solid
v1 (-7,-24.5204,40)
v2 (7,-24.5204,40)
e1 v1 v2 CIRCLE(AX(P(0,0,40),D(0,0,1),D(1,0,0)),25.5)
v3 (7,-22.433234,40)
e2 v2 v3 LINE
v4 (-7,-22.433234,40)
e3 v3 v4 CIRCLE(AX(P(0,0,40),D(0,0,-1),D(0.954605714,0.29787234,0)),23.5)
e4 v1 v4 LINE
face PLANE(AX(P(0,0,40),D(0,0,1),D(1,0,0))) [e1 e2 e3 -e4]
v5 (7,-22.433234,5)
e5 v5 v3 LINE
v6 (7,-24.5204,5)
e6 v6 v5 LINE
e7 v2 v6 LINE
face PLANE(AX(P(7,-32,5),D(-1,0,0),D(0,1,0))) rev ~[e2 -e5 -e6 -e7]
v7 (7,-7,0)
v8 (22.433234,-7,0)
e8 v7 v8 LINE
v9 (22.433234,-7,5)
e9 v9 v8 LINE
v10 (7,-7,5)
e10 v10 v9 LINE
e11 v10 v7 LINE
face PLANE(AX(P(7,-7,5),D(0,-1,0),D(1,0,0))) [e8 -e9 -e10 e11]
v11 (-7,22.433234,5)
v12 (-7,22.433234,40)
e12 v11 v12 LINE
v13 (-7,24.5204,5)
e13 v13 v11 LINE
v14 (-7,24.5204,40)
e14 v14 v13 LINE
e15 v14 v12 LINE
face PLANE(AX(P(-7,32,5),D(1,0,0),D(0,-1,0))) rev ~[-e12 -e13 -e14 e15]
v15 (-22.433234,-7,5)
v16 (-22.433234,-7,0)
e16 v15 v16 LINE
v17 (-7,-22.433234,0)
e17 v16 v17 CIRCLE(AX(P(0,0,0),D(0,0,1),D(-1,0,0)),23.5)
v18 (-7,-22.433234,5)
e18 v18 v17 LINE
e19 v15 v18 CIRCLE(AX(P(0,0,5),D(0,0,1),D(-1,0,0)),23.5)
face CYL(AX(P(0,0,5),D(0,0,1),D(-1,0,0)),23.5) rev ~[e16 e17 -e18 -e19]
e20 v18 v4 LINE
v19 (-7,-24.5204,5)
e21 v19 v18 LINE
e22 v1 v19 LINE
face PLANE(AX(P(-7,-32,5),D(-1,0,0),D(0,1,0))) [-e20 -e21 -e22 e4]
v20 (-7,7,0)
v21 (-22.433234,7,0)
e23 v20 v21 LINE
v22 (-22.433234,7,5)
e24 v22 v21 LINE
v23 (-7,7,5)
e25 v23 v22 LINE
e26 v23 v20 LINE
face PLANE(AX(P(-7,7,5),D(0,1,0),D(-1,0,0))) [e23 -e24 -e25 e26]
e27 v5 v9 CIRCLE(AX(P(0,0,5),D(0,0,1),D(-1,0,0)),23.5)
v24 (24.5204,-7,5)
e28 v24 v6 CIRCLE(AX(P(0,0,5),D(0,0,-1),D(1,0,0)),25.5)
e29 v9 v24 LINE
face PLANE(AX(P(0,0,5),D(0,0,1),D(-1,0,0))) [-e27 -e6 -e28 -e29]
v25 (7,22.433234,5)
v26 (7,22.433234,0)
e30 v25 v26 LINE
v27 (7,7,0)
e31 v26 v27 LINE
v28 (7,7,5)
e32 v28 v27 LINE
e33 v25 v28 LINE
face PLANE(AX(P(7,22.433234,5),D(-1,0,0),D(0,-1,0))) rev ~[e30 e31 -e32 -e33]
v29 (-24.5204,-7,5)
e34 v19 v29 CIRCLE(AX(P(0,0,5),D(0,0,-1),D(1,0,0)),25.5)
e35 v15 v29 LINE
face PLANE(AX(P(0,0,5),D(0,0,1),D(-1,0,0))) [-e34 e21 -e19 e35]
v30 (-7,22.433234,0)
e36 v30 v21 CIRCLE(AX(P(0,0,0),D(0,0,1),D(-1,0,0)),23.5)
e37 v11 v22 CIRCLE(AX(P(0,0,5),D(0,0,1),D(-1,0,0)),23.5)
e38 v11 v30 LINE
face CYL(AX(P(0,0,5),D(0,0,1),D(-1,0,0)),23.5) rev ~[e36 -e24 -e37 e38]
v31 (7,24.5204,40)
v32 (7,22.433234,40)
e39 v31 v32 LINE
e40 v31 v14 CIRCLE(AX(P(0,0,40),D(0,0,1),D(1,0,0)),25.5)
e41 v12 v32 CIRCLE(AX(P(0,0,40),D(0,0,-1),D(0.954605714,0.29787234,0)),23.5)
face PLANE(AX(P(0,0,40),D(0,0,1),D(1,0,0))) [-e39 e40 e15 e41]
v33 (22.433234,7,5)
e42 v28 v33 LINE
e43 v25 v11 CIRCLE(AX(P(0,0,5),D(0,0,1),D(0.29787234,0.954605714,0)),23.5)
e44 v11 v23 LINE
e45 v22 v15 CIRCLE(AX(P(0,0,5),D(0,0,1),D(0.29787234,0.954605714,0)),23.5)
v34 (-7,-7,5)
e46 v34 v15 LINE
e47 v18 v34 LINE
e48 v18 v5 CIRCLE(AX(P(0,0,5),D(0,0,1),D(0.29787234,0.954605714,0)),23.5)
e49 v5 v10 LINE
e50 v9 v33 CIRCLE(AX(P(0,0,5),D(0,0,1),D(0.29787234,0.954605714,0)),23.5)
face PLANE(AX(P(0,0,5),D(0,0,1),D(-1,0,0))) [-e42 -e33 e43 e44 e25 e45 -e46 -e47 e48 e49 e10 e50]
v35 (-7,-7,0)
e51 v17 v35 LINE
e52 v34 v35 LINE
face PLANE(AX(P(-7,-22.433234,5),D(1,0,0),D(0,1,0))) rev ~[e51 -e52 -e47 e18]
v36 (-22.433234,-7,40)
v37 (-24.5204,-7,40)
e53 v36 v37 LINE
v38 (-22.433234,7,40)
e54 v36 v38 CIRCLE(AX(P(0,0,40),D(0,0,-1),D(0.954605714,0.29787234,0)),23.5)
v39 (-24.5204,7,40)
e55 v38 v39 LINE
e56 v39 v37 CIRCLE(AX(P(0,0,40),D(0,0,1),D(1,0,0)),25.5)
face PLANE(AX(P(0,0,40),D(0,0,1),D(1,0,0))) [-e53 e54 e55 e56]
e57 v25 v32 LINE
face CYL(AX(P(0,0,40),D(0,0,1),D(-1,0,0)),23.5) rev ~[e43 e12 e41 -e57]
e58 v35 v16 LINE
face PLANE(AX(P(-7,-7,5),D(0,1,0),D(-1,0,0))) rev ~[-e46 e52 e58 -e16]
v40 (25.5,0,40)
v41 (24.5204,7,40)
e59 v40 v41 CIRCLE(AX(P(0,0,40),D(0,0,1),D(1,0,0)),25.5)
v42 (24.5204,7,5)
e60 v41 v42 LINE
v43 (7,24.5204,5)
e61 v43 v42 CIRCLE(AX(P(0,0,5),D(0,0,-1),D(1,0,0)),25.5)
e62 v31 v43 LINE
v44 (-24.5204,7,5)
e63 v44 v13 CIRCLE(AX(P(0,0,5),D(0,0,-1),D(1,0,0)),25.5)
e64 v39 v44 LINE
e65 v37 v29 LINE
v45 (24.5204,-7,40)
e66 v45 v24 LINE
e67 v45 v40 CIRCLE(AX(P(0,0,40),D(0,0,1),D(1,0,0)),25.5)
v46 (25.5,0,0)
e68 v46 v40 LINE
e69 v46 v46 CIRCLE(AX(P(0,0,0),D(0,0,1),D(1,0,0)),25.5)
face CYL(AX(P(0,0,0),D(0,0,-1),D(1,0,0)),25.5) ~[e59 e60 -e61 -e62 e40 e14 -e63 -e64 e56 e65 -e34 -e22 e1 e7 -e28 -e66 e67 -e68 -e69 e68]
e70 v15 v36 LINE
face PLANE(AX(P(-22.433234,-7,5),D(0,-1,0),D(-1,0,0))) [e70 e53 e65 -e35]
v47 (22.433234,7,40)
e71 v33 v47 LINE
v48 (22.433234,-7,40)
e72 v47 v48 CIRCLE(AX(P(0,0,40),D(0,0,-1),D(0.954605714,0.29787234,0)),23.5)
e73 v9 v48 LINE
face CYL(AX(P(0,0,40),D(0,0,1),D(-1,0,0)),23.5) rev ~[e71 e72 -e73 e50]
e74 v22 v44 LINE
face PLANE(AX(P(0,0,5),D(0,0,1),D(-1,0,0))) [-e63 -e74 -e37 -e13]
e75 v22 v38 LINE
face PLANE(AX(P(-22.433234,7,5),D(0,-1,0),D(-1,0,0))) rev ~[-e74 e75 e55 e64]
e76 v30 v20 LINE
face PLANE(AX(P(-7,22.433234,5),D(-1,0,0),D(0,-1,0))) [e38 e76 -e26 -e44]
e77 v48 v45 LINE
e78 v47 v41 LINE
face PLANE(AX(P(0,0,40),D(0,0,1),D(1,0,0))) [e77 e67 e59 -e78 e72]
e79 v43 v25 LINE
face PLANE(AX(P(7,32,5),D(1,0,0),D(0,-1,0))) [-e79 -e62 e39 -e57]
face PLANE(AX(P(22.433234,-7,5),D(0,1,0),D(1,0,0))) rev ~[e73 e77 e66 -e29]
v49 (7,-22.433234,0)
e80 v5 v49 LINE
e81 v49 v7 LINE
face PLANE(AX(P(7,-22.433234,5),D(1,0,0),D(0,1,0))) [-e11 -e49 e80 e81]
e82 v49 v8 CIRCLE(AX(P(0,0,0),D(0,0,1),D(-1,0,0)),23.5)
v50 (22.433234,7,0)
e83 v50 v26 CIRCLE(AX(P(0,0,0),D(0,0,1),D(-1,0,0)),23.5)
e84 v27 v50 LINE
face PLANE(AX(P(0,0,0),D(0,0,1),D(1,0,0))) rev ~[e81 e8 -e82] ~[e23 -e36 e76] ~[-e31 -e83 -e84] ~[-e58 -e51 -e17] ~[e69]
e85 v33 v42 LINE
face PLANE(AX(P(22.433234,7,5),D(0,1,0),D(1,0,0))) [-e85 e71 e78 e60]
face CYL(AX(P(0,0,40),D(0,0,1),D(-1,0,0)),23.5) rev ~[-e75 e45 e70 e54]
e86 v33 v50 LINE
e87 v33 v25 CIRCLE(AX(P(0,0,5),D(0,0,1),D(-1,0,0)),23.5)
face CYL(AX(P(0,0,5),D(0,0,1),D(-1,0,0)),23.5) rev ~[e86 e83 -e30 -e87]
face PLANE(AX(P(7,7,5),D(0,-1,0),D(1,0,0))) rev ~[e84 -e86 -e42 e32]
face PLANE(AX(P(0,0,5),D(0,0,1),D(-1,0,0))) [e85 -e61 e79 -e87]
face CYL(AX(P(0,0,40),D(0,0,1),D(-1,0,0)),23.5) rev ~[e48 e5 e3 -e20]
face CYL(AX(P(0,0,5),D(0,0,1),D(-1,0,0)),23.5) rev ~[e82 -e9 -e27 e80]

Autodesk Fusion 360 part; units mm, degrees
sketch "スケッチ1" plane through (0, 0, 0) normal (0, 0, 1) x (1, 0, 0)
  circle A0 centre (0, 0) radius 25.5
  dimension "d1" = 51
extrude "押し出し1" add sketch "スケッチ1" along normal blind 40
sketch "スケッチ2" plane through (0, 0, 40) normal (0, 0, 1) x (-1, 0, 0)
  circle A0 centre (0, 0) radius 25.5
  circle A1 centre (0, 0) radius 23.5
  dimension "d4" = 47
extrude "押し出し2" cut sketch "スケッチ2" against normal blind 35 contours A1
sketch "スケッチ3" plane through (0, 0, 5) normal (0, 0, 1) x (-1, 0, 0)
  circle A0 centre (0, 0) radius 23.5
  line L0 (7, -7) -> (32, -7)
  line L1 (32, -7) -> (32, -32)
  line L2 (32, -32) -> (7, -32)
  line L3 (7, -32) -> (7, -7)
  line L4 (7, 7) -> (32, 7)
  line L5 (32, 7) -> (32, 32)
  line L6 (32, 32) -> (7, 32)
  line L7 (7, 32) -> (7, 7)
  line L8 (-7, 7) -> (-32, 7)
  line L9 (-32, 7) -> (-32, 32)
  line L10 (-32, 32) -> (-7, 32)
  line L11 (-7, 32) -> (-7, 7)
  line L12 (-7, -7) -> (-32, -7)
  line L13 (-32, -7) -> (-32, -32)
  line L14 (-32, -32) -> (-7, -32)
  line L15 (-7, -32) -> (-7, -7)
  dimension "d7" = 25
  dimension "d8" = 25
  dimension "d9" = 25
  dimension "d10" = 25
  dimension "d11" = 25
  dimension "d12" = 25
  dimension "d13" = 25
  dimension "d14" = 25
extrude "押し出し3" cut sketch "スケッチ3" along normal blind 35 contours A0 L12 L13 L14 L15
extrude "押し出し4" cut sketch "スケッチ3" along normal blind 35 contours A0 L0 L1 L2 L3
extrude "押し出し5" cut sketch "スケッチ3" along normal blind 35 contours A0 L4 L5 L6 L7 | A0 L8 L9 L10 L11
extrude "押し出し6" cut sketch "スケッチ3" against normal blind 5 contours A0 L4 L7 | A0 L0 L3 | A0 L8 L11 | A0 L12 L15
